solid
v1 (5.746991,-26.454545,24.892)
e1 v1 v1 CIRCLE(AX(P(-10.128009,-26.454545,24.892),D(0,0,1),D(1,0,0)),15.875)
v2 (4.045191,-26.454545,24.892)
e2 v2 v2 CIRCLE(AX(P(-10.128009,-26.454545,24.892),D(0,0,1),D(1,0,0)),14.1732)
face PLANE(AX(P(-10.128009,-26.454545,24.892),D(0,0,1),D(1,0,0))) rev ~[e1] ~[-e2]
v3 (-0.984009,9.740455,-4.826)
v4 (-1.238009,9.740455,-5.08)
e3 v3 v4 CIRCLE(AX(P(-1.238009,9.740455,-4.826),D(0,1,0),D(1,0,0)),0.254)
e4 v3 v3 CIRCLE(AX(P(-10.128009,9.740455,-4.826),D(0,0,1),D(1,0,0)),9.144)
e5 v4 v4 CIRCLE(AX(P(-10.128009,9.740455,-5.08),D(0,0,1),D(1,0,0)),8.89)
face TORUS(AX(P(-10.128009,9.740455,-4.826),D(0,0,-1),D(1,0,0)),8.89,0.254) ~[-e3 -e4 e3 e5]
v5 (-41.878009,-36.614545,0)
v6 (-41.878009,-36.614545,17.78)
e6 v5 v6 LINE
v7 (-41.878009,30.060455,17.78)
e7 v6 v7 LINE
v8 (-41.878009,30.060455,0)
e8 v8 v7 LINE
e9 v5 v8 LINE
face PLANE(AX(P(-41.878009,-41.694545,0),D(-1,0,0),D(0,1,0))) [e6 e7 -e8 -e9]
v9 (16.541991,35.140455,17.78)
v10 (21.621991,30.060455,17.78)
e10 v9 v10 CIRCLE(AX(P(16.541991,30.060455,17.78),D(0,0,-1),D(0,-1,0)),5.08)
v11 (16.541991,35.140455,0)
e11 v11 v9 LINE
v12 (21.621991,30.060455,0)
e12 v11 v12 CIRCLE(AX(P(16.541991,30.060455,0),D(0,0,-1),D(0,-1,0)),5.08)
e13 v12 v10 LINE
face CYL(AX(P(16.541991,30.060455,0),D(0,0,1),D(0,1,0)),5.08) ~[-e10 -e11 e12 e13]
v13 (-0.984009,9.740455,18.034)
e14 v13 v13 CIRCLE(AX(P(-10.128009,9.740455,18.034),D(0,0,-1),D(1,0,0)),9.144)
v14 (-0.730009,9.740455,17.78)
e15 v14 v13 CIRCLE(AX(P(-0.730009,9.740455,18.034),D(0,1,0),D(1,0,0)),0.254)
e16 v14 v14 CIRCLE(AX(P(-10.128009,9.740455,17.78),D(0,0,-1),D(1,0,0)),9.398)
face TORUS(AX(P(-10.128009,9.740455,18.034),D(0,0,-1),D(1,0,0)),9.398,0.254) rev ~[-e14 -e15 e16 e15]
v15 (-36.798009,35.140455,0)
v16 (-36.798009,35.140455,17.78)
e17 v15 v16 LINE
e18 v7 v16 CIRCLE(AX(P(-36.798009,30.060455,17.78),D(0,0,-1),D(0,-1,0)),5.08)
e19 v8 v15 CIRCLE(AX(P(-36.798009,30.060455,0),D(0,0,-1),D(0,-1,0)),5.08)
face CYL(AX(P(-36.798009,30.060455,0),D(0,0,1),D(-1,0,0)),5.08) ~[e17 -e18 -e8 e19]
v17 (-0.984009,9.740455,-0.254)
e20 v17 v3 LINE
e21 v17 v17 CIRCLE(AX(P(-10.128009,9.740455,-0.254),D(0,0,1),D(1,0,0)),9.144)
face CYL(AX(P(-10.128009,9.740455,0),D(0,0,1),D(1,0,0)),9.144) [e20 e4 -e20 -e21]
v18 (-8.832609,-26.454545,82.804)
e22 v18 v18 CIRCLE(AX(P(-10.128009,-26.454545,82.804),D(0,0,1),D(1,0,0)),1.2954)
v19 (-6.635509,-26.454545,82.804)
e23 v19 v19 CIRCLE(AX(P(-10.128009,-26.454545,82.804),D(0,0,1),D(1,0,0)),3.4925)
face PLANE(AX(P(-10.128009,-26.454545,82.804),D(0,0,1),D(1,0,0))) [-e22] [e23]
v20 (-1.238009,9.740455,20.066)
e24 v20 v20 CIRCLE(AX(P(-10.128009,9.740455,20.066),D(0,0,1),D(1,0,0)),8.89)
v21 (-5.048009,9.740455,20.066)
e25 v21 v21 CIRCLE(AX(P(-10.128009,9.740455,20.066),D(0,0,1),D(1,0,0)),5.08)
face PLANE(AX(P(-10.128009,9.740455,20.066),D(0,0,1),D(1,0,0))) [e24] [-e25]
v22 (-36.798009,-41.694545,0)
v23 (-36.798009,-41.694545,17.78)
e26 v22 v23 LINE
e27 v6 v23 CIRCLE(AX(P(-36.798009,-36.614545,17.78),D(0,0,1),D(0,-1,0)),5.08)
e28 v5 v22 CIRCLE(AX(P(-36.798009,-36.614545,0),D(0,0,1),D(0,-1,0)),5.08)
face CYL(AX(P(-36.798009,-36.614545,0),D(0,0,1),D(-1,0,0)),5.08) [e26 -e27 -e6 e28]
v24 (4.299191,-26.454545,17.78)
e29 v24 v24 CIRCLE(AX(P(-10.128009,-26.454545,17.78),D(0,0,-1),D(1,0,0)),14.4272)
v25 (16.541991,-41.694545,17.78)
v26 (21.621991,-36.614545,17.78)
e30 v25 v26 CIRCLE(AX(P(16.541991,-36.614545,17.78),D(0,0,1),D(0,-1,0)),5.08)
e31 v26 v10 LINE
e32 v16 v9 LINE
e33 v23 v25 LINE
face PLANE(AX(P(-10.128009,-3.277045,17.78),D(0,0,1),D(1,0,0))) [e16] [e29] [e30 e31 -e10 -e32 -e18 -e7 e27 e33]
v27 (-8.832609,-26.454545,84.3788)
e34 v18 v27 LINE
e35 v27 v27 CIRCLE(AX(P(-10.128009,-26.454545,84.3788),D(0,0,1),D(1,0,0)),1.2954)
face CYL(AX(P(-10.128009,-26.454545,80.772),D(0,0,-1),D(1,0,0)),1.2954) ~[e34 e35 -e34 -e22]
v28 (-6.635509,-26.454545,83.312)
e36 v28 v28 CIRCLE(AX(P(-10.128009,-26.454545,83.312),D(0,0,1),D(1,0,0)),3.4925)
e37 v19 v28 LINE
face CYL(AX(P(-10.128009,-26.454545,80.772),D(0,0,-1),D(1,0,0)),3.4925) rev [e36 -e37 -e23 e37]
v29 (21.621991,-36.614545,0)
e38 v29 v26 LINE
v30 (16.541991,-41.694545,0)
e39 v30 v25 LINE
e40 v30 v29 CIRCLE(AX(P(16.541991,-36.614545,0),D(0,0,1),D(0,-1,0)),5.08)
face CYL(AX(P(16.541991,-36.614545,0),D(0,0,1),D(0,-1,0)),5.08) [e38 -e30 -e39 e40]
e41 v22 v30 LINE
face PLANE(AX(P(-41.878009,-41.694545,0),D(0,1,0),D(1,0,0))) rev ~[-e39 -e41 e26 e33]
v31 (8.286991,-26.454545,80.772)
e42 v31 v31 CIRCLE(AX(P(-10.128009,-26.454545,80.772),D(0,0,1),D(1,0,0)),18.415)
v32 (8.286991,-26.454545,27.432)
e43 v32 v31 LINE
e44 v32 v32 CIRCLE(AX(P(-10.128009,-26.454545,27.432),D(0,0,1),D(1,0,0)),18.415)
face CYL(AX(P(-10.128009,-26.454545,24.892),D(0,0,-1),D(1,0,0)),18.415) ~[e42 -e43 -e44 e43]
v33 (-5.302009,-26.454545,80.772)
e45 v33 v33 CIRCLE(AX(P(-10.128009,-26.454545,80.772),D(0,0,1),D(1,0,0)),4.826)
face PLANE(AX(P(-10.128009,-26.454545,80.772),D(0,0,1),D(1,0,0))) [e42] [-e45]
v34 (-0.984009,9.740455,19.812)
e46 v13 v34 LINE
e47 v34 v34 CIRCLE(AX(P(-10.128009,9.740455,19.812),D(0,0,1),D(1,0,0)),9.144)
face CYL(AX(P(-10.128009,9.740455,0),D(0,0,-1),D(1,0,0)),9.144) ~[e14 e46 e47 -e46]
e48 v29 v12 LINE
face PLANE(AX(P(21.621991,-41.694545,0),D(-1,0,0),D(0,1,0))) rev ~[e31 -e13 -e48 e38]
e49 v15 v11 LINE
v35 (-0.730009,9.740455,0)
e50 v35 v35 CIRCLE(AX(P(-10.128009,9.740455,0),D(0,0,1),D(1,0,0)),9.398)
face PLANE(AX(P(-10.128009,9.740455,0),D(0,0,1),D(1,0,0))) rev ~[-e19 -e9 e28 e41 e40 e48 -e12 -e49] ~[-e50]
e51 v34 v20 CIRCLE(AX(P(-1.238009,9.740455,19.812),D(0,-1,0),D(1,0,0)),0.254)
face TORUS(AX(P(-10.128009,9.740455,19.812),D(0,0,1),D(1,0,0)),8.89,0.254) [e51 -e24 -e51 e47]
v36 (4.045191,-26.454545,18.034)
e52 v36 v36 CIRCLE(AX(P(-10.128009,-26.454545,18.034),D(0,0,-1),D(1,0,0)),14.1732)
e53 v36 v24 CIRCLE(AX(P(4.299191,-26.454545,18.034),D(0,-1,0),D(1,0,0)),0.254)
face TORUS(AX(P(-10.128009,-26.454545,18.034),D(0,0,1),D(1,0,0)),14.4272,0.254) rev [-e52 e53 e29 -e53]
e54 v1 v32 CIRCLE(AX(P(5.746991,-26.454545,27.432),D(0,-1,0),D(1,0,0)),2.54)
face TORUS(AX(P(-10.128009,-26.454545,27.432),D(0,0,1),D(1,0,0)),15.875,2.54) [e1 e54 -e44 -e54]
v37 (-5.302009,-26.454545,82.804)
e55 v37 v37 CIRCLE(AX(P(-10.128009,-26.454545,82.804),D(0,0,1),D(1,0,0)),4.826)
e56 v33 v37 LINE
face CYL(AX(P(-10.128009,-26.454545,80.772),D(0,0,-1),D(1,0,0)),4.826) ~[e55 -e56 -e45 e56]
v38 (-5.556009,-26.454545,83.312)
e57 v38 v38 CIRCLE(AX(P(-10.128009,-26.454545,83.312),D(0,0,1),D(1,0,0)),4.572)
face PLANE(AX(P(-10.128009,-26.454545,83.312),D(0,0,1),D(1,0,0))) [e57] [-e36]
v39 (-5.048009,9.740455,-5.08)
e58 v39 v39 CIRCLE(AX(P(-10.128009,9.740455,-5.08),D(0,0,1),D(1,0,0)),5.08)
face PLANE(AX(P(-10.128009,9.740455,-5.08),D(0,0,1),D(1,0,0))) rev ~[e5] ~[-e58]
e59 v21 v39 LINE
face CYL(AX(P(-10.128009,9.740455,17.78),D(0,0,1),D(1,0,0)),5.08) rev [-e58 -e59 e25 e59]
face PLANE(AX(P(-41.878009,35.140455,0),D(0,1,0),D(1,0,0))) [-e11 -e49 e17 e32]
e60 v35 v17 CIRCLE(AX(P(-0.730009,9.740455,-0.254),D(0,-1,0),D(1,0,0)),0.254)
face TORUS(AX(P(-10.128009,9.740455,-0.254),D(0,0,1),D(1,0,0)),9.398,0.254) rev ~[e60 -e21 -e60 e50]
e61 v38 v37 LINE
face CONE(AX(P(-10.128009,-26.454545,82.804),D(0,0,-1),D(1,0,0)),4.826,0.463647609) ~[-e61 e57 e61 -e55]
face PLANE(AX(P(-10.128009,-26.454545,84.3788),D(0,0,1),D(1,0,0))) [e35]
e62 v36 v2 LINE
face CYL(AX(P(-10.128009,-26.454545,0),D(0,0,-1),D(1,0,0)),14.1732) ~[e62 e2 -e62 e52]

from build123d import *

# Parameters (mm, degrees)
F0_W      = 63.5
F0_H      = 76.835
F0_R      = 14.1732
F0_R_2    = 9.144
F0_R_3    = 5.08
F0_R_4    = 4.445
F1_DEPTH  = 17.78
F2_DEPTH  = 24.892
F3_DEPTH  = 20.066
F4_DEPTH  = 25.4
F5_R      = 18.415
F5_R_2    = 14.1732
F6_DEPTH  = 55.88
F7_DEPTH  = 5.08
F8_R      = 5.08
F9_R      = 0.254
F10_R     = 2.54
F11_R     = 0.254
F12_R     = 4.826
F12_R_2   = 3.4925
F13_DEPTH = 2.54
F12_R_3   = 1.2954
F14_DEPTH = 3.6068
F15_DEPTH = 2.032
F16_SIZE2 = 0.508
F16_SIZE  = 0.254


with BuildPart() as f1:
    # F0 (on Top) → F1 (new body)
    with BuildSketch(Plane.XY):
        with Locations((-10.1280088154, -3.2770447433)):
            Rectangle(F0_W, F0_H)
        with Locations((-10.1280088154, -26.4545447433)):
            Circle(F0_R, mode=Mode.SUBTRACT)
        with Locations((-10.1280088154, 9.7404552567)):
            Circle(F0_R_2, mode=Mode.SUBTRACT)
        with Locations((-10.1280088154, -26.4545447433)):
            Circle(F0_R)
        with Locations((-10.1280088154, 9.7404552567)):
            Circle(F0_R_2)
        with Locations((-10.1280088154, 9.7404552567)):
            Circle(F0_R_3, mode=Mode.SUBTRACT)
        with Locations((-10.1280088154, 9.7404552567)):
            Circle(F0_R_3)
        with Locations((-10.1280088154, 9.7404552567)):
            Circle(F0_R_4, mode=Mode.SUBTRACT)
        with Locations((-10.1280088154, 9.7404552567)):
            Circle(F0_R_4)
    extrude(amount=F1_DEPTH)

    # F0 (on Top) → F2 (join)
    with BuildSketch(Plane.XY):
        with Locations((-10.1280088154, -26.4545447433)):
            Circle(F0_R)
    extrude(amount=F2_DEPTH)

    # F0 (on Top) → F3 (join)
    with BuildSketch(Plane.XY):
        with Locations((-10.1280088154, 9.7404552567)):
            Circle(F0_R_2)
        with Locations((-10.1280088154, 9.7404552567)):
            Circle(F0_R_3, mode=Mode.SUBTRACT)
    extrude(amount=F3_DEPTH)

    # F4 (cut): a face of the model
    f4_faces = [f1.faces().sort_by_distance(p)[0] for p in [
        (-10.1280088154, 9.7404552567, 17.78),
    ]]
    extrude(f4_faces, amount=-F4_DEPTH, mode=Mode.SUBTRACT)

    # F5 (on face) → F6 (join)
    with BuildSketch(Plane.XY.offset(24.892)):
        with Locations((-10.1280088154, -26.4545447433)):
            Circle(F5_R)
        with Locations((-10.1280088154, -26.4545447433)):
            Circle(F5_R_2, mode=Mode.SUBTRACT)
        with Locations((-10.1280088154, -26.4545447433)):
            Circle(F5_R_2)
    extrude(amount=F6_DEPTH)

    # F0 (on Top) → F7 (join)
    with BuildSketch(Plane.XY):
        with Locations((-10.1280088154, 9.7404552567)):
            Circle(F0_R_2)
        with Locations((-10.1280088154, 9.7404552567)):
            Circle(F0_R_3, mode=Mode.SUBTRACT)
    extrude(amount=-F7_DEPTH)

    # F8
    f8_edges = [f1.edges().sort_by_distance(p)[0] for p in [
        (-41.878009, 35.140455, 8.89),
        (21.621991, 35.140455, 8.89),
        (21.621991, -41.694545, 8.89),
        (-41.878009, -41.694545, 8.89),
    ]]
    fillet(f8_edges, radius=F8_R)

    # F9
    f9_edges = [f1.edges().sort_by_distance(p)[0] for p in [
        (-19.272009, 9.740455, 17.78),
        (-0.984009, 9.740455, 18.923),
        (-19.272009, 9.740455, 20.066),
        (-19.272009, 9.740455, 0),
        (-19.272009, 9.740455, -5.08),
    ]]
    fillet(f9_edges, radius=F9_R)

    # F10
    f10_edges = [f1.edges().sort_by_distance(p)[0] for p in [
        (-28.543009, -26.454545, 24.892),
    ]]
    fillet(f10_edges, radius=F10_R)

    # F11
    f11_edges = [f1.edges().sort_by_distance(p)[0] for p in [
        (-24.301209, -26.454545, 17.78),
    ]]
    fillet(f11_edges, radius=F11_R)

    # F12 (on face) → F13 (join)
    with BuildSketch(Plane.XY.offset(80.772)):
        with Locations((-10.1280088154, -26.4545447433)):
            Circle(F12_R)
        with Locations((-10.1280088154, -26.4545447433)):
            Circle(F12_R_2, mode=Mode.SUBTRACT)
    extrude(amount=F13_DEPTH)

    # F12 (on face) → F14 (join)
    with BuildSketch(Plane.XY.offset(80.772)):
        with Locations((-10.1280088154, -26.4545447433)):
            Circle(F12_R_3)
    extrude(amount=F14_DEPTH)

    # F12 (on face) → F15 (join)
    with BuildSketch(Plane.XY.offset(80.772)):
        with Locations((-10.1280088154, -26.4545447433)):
            Circle(F12_R_2)
        with Locations((-10.1280088154, -26.4545447433)):
            Circle(F12_R_3, mode=Mode.SUBTRACT)
    extrude(amount=F15_DEPTH)

    # F16
    f16_edges = [f1.edges().sort_by_distance(p)[0] for p in [
        (-14.954009, -26.454545, 83.312),
    ]]
    f16_side = f1.faces().sort_by_distance((-14.817509, -26.454545, 83.312))[0]
    chamfer(f16_edges, length=F16_SIZE, length2=F16_SIZE2, reference=f16_side)


solid = f1.part
